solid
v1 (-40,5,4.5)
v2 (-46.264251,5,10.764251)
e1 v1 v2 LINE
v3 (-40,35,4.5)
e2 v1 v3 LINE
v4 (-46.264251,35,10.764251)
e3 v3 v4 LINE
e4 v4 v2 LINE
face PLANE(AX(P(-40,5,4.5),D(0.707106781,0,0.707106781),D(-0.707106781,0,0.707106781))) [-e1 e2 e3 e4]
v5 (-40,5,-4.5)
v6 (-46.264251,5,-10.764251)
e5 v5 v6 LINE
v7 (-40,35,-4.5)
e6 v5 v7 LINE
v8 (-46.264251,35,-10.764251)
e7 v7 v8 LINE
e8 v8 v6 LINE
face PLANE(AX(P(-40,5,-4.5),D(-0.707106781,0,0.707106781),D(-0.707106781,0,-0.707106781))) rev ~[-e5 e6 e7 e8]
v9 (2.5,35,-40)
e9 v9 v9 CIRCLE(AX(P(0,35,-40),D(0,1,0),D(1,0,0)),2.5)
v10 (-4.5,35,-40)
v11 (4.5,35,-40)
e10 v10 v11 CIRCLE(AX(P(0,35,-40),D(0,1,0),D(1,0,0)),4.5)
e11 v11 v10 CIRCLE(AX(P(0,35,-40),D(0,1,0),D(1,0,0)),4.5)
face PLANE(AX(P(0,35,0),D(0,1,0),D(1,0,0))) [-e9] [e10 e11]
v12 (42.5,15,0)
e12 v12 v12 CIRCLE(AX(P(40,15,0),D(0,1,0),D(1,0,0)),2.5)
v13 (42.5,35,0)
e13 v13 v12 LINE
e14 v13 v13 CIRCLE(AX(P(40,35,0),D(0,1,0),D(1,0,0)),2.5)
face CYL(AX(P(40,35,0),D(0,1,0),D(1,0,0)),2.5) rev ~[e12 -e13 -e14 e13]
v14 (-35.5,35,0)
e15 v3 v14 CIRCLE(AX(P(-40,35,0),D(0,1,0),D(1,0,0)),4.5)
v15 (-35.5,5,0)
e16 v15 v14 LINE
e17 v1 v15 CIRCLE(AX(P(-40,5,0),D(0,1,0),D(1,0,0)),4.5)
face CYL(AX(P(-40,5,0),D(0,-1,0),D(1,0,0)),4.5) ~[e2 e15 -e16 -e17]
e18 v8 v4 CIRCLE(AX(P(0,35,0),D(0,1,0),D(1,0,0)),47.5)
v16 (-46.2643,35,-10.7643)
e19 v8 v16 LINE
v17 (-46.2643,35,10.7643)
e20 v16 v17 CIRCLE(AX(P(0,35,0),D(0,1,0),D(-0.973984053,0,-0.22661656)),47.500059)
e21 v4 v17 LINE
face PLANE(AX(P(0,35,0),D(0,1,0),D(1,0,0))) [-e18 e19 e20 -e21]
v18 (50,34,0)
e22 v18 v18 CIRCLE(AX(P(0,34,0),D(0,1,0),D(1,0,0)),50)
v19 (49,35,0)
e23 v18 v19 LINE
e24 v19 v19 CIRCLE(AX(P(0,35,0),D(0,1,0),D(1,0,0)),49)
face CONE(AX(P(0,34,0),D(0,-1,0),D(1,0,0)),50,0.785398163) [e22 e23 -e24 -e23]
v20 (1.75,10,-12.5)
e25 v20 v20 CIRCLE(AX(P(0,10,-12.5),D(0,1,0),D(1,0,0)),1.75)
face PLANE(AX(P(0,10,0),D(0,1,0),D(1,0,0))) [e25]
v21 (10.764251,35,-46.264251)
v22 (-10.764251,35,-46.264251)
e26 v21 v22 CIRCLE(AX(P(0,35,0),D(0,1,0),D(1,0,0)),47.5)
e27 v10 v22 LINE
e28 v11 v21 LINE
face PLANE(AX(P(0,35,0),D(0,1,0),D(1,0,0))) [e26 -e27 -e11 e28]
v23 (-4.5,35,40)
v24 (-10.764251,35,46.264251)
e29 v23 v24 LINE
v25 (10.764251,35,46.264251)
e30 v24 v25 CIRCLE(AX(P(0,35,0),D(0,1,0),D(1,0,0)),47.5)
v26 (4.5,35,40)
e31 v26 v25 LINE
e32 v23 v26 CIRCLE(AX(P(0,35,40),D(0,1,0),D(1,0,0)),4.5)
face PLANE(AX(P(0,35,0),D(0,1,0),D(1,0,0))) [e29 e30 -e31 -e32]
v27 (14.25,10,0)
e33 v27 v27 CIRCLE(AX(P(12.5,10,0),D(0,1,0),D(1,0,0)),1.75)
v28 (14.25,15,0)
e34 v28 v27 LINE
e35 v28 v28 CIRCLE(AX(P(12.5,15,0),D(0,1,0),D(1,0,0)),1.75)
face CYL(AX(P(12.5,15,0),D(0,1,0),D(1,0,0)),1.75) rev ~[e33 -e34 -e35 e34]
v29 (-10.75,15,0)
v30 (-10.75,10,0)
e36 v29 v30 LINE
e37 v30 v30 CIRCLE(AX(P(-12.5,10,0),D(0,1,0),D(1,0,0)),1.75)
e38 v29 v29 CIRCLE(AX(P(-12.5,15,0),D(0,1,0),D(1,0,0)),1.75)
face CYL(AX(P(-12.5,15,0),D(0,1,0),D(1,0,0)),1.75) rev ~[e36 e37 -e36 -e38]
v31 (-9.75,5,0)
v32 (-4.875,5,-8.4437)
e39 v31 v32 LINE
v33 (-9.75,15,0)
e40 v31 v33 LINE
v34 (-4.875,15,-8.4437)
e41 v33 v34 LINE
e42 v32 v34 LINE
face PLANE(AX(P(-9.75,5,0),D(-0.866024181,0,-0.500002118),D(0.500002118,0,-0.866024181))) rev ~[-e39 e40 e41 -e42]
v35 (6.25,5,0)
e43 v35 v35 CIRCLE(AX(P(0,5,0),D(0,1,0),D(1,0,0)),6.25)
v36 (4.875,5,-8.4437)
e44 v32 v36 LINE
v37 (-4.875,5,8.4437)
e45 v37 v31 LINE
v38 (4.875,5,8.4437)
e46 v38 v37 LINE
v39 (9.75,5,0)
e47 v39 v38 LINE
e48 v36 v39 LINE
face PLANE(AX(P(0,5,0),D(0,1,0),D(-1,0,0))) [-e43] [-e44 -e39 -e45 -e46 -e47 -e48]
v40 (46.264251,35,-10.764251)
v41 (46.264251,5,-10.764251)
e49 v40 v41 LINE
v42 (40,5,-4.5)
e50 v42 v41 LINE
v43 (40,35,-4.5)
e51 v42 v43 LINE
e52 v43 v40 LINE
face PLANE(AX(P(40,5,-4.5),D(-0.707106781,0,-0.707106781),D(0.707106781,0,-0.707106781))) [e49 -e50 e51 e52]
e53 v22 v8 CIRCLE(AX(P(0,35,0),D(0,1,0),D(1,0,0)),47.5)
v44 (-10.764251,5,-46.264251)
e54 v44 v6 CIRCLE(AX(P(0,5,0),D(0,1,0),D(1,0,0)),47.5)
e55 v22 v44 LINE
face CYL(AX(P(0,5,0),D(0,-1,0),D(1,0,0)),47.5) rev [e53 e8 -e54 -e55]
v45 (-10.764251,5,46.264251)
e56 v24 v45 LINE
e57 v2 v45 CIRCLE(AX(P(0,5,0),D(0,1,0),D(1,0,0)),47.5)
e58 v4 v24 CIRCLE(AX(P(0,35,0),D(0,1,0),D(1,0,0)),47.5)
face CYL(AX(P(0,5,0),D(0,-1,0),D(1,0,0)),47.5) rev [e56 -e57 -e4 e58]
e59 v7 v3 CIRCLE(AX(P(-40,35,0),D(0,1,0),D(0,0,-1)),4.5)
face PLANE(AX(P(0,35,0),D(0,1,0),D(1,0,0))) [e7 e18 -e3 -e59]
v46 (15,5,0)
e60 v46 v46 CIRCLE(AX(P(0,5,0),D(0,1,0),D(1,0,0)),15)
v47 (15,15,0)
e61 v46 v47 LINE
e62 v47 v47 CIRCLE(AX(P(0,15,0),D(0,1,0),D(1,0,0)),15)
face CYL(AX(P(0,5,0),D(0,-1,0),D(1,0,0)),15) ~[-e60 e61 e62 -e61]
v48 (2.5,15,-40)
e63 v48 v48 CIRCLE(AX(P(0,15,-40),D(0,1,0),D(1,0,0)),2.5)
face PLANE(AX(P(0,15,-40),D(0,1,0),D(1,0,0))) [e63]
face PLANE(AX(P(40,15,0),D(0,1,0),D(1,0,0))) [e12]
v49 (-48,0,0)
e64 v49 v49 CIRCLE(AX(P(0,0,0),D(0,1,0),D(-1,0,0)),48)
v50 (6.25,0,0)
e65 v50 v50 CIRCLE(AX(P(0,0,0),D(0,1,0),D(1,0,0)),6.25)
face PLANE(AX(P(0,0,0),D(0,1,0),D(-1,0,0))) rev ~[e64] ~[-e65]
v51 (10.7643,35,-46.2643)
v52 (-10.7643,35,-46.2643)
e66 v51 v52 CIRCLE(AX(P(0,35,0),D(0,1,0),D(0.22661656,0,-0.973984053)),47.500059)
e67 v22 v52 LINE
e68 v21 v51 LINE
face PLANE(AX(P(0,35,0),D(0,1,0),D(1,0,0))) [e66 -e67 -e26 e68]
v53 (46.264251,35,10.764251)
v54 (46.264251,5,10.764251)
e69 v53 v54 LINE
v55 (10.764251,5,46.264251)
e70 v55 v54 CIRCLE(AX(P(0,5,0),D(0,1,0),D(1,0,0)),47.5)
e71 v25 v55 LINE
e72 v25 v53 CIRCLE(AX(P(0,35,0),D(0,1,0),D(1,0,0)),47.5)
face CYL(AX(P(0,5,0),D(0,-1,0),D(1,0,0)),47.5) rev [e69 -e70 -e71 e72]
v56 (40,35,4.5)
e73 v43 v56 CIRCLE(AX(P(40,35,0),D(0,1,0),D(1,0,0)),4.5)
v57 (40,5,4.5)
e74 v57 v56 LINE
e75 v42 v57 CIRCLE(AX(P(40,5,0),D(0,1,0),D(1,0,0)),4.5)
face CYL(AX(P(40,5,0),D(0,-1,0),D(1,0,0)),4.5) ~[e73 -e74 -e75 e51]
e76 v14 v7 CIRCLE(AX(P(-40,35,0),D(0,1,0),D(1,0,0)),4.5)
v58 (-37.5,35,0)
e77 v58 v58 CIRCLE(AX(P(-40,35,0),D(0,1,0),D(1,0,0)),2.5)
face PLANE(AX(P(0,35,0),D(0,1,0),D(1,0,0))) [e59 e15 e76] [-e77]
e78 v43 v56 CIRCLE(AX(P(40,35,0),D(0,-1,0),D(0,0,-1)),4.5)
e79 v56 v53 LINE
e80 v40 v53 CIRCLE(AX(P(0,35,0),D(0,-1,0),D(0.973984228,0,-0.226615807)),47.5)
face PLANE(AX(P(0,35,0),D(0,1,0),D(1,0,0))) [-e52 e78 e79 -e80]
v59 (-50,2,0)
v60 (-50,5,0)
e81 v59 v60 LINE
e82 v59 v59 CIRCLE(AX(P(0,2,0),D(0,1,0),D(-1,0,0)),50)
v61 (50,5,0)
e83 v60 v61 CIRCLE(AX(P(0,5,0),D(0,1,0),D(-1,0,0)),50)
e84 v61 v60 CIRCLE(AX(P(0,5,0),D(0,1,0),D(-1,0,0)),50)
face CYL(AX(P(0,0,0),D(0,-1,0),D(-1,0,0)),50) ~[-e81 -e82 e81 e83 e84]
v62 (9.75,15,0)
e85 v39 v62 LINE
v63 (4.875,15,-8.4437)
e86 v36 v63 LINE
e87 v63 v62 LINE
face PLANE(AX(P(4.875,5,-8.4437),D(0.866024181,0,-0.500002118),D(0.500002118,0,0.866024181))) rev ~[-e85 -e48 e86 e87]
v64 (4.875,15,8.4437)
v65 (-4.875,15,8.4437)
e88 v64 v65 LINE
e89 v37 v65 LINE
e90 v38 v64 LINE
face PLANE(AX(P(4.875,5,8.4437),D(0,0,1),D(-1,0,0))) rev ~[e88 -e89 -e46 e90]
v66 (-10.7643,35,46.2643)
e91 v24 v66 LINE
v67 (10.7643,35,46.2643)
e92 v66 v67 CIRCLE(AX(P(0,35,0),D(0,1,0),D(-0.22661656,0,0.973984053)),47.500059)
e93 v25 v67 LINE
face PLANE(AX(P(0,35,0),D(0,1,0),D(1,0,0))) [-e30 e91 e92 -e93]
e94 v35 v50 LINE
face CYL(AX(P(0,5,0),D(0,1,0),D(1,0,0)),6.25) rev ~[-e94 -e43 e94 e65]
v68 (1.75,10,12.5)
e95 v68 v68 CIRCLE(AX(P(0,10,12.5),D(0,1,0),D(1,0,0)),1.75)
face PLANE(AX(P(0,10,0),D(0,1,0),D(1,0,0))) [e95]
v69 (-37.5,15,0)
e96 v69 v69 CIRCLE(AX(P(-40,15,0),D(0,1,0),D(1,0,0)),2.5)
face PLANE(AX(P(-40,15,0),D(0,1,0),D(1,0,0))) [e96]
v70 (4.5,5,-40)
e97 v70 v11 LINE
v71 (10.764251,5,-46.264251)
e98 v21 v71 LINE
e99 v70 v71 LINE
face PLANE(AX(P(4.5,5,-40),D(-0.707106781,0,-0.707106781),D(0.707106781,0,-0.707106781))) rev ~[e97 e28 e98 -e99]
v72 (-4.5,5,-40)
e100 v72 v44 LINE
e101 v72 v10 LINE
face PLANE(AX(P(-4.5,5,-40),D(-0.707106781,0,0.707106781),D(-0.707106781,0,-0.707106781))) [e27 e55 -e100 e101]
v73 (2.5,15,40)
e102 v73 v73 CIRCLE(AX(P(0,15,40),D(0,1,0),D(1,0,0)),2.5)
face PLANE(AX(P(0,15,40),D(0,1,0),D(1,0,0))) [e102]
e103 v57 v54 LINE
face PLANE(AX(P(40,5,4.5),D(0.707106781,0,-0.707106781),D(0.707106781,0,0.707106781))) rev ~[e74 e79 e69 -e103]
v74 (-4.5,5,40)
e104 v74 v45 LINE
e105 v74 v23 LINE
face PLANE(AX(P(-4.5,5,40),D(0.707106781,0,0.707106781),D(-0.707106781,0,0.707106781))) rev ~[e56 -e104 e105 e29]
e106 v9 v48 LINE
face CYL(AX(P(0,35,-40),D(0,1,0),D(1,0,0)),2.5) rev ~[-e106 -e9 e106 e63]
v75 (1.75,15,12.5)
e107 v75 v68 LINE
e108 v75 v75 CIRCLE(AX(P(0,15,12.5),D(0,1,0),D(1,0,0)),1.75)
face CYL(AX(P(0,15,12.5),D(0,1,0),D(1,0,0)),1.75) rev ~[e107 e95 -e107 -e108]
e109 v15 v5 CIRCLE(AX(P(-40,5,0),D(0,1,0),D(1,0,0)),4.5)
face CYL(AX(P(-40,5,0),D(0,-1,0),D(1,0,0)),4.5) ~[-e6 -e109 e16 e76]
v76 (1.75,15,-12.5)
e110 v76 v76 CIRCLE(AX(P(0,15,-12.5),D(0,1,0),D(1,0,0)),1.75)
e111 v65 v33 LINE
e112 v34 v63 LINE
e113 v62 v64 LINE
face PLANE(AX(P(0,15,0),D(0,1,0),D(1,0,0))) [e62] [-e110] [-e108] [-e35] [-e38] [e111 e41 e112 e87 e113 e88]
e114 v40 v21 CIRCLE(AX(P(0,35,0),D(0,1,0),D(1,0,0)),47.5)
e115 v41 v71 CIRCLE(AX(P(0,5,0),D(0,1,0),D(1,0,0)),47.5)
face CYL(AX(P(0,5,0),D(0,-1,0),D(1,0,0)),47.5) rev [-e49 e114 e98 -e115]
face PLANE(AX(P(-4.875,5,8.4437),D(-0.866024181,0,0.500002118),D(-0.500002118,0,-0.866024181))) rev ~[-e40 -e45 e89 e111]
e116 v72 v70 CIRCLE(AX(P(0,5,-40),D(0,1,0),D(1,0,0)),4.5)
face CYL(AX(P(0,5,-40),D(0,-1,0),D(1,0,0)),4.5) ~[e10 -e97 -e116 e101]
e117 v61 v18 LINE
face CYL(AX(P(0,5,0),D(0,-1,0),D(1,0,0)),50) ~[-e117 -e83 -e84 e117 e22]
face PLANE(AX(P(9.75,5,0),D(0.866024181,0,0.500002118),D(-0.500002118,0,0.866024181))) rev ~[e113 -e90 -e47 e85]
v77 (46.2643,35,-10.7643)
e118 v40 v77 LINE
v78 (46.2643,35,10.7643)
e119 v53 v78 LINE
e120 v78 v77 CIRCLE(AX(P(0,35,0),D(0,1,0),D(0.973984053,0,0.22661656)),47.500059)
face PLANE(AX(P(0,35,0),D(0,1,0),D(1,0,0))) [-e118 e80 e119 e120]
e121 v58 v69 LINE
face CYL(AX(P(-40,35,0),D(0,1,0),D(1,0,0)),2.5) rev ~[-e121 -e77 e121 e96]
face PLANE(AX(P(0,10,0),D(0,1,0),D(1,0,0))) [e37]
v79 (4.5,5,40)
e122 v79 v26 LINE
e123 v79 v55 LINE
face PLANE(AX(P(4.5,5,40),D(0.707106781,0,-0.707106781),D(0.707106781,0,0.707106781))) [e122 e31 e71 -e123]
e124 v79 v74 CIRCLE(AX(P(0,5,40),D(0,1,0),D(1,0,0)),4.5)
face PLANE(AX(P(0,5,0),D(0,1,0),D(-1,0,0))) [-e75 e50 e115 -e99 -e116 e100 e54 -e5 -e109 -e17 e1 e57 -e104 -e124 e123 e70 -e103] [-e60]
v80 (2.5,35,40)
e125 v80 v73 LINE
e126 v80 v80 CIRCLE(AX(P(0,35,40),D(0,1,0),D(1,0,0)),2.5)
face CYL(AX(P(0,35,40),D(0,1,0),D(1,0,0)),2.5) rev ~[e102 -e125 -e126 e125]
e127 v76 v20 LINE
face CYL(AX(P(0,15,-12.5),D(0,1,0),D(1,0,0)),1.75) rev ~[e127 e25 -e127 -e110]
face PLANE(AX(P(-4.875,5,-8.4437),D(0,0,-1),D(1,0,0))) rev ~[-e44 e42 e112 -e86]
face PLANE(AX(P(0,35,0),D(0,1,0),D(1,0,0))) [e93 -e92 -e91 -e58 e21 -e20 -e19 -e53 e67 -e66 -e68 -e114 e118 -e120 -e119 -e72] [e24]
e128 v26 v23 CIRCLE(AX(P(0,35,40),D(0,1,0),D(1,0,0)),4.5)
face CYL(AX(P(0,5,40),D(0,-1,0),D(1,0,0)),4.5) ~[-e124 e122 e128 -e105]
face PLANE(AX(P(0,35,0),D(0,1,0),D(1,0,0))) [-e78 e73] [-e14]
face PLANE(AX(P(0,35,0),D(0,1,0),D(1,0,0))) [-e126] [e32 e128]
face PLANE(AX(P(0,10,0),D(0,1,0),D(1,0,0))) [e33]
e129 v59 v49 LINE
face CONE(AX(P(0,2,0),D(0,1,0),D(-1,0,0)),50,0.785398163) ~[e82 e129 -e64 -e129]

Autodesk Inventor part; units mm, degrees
ref_plane "YZ Plane" through (0, 0, 0) normal (1, 0, 0) x (0, 1, 0)
ref_plane "XZ Plane" through (0, 0, 0) normal (0, 1, 0) x (-1, 0, 0)
ref_plane "XY Plane" through (0, 0, 0) normal (0, 0, 1) x (1, 0, 0)
sketch "Sketch5" plane through (0, 0, 0) normal (0, 1, 0) x (-1, 0, 0)
  circle A0 centre (0, 0) radius 50
  dimension "d10" = 100
extrude "Extrusion4" add sketch "Sketch5" along normal blind 5
sketch "Sketch6" plane through (0, 5, 0) normal (0, 1, 0) x (1, 0, 0)
  circle A0 centre (0, 0) radius 6.25
  dimension "d13" = 12.5
extrude "Extrusion5" cut sketch "Sketch6" against normal blind 5
sketch "Sketch7" plane through (0, 5, 0) normal (0, 1, 0) x (1, 0, 0)
  circle A0 centre (0, 0) radius 50 construction
  line L0 (9.75, 0) -> (4.875, -8.4437)
  line L1 (4.875, -8.4437) -> (-4.875, -8.4437)
  line L2 (-4.875, -8.4437) -> (-9.75, 0)
  line L3 (-9.75, 0) -> (-4.875, 8.4437)
  line L4 (-4.875, 8.4437) -> (4.875, 8.4437)
  line L5 (4.875, 8.4437) -> (9.75, 0)
  line L6 (0, 0) -> (50, 0) construction
  circle A1 centre (0, 0) radius 15
  dimension "d20" = 19.5
  dimension "d21" = 30
extrude "Extrusion6" add sketch "Sketch7" along normal blind 10
sketch "Sketch8" plane through (0, 15, 0) normal (0, 1, 0) x (1, 0, 0)
  circle A0 centre (0, 0) radius 12.5 construction
  line L0 (0, 12.5) -> (0, -12.5) construction
  line L1 (-12.5, 0) -> (12.5, 0) construction
  circle A1 centre (0, 12.5) radius 1.75
  circle A2 centre (-12.5, 0) radius 1.75
  circle A3 centre (0, -12.5) radius 1.75
  circle A4 centre (12.5, 0) radius 1.75
  dimension "d24" = 25
  dimension "d25" = 3.5
  dimension "d26" = 3.5
  dimension "d27" = 3.5
  dimension "d28" = 3.5
extrude "Extrusion7" cut sketch "Sketch8" against normal blind 5
sketch "Sketch9" plane through (0, 5, 0) normal (0, 1, 0) x (1, 0, 0)
  circle A0 centre (0, 0) radius 50
  circle A1 centre (0, 0) radius 47.5
  dimension "d31" = 95
extrude "Extrusion8" add sketch "Sketch9" along normal blind 30
sketch "Sketch10" plane through (0, 5, 0) normal (0, 1, 0) x (1, 0, 0)
  circle A0 centre (0, 0) radius 40 construction
  line L0 (40, 0) -> (-40, 0) construction
  line L1 (0, 40) -> (0, -40) construction
  circle A1 centre (40, 0) radius 4.5
  circle A2 centre (0, 40) radius 4.5
  circle A3 centre (0, -40) radius 4.5
  circle A4 centre (-40, 0) radius 4.5
  dimension "d34" = 80
  dimension "d35" = 9
  dimension "d36" = 9
  dimension "d37" = 9
  dimension "d38" = 9
extrude "Extrusion9" add sketch "Sketch10" along normal blind 30
sketch "Sketch11" plane through (40, 35, 0) normal (0, 1, 0) x (1, 0, 0)
  circle A0 centre (0, 0) radius 2.5
  point P0 (-40, 0)
  dimension "d41" = 5
extrude "Extrusion10" cut sketch "Sketch11" against normal blind 20
sketch "Sketch12" plane through (0, 35, -40) normal (0, 1, 0) x (1, 0, 0)
  circle A0 centre (0, 0) radius 2.5
  point P0 (0, -40)
  dimension "d44" = 5
extrude "Extrusion11" cut sketch "Sketch12" against normal blind 20
sketch "Sketch13" plane through (-40, 35, 0) normal (0, 1, 0) x (1, 0, 0)
  circle A0 centre (0, 0) radius 2.5
  point P0 (40, 0)
  dimension "d47" = 5
extrude "Extrusion12" cut sketch "Sketch13" against normal blind 20
sketch "Sketch14" plane through (0, 35, 40) normal (0, 1, 0) x (1, 0, 0)
  circle A0 centre (0, 0) radius 2.5
  point P0 (0, 40)
  dimension "d50" = 5
extrude "Extrusion13" cut sketch "Sketch14" against normal blind 20
sketch "Sketch16" plane through (0, 5, 0) normal (0, 1, 0) x (1, 0, 0)
  circle A0 centre (0, 0) radius 47.5 construction
  line L0 (0, 47.5) -> (0, -47.5) construction
  line L1 (-47.5, 0) -> (47.5, 0) construction
  circle A1 centre (-40, 0) radius 2.5 construction
  circle A2 centre (-40, 0) radius 4.5 construction
  circle A3 centre (-40, 0) radius 4.5 construction
  line L2 (-40, 4.5) -> (-40, -4.5) construction
  circle A4 centre (0, 0) radius 47.5 construction
  line L3 (-40, 4.5) -> (-46.2643, 10.7643)
  line L4 (-40, 4.5) -> (-31.141, 4.5) construction
  line L5 (-40, -4.5) -> (-46.2643, -10.7643)
  arc A5 (-46.2643, 10.7643) -> (-46.2643, -10.7643) centre (0, 0) ccw
  arc A6 (-40, 4.5) -> (-40, -4.5) centre (-40, 0) ccw
  circle A7 centre (0, 0) radius 47.5 construction
  circle A8 centre (40, 0) radius 4.5 construction
  circle A9 centre (0, 0) radius 47.5 construction
  line L6 (40, 4.5) -> (46.2643, 10.7643)
  line L7 (40, -4.5) -> (46.2643, -10.7643)
  arc A10 (46.2643, -10.7643) -> (46.2643, 10.7643) centre (0, 0) ccw
  arc A11 (40, -4.5) -> (40, 4.5) centre (40, 0) ccw
  circle A12 centre (0, -40) radius 2.5 construction
  circle A13 centre (0, -40) radius 4.5 construction
  circle A14 centre (0, -40) radius 4.5 construction
  line L8 (4.5, -40) -> (-4.5, -40) construction
  line L9 (-4.5, -40) -> (-10.7643, -46.2643)
  line L10 (4.5, -40) -> (10.7643, -46.2643)
  arc A15 (-10.7643, -46.2643) -> (10.7643, -46.2643) centre (0, 0) ccw
  arc A16 (-4.5, -40) -> (4.5, -40) centre (0, -40) ccw
  line L11 (-4.5, 40) -> (-10.7643, 46.2643)
  line L12 (4.5, 40) -> (10.7643, 46.2643)
  arc A17 (10.7643, 46.2643) -> (-10.7643, 46.2643) centre (0, 0) ccw
  arc A18 (4.5, 40) -> (-4.5, 40) centre (0, 40) ccw
  dimension "d54" = 135
extrude "Extrusion14" add sketch "Sketch16" along normal blind 30
chamfer "Chamfer1" distance 1 angle 45 1 edges at (-50, 35, 0)
chamfer "Chamfer2" distance 2 angle 45 1 edges at (50, 0, 0)
properties part number "ground_support_0"
